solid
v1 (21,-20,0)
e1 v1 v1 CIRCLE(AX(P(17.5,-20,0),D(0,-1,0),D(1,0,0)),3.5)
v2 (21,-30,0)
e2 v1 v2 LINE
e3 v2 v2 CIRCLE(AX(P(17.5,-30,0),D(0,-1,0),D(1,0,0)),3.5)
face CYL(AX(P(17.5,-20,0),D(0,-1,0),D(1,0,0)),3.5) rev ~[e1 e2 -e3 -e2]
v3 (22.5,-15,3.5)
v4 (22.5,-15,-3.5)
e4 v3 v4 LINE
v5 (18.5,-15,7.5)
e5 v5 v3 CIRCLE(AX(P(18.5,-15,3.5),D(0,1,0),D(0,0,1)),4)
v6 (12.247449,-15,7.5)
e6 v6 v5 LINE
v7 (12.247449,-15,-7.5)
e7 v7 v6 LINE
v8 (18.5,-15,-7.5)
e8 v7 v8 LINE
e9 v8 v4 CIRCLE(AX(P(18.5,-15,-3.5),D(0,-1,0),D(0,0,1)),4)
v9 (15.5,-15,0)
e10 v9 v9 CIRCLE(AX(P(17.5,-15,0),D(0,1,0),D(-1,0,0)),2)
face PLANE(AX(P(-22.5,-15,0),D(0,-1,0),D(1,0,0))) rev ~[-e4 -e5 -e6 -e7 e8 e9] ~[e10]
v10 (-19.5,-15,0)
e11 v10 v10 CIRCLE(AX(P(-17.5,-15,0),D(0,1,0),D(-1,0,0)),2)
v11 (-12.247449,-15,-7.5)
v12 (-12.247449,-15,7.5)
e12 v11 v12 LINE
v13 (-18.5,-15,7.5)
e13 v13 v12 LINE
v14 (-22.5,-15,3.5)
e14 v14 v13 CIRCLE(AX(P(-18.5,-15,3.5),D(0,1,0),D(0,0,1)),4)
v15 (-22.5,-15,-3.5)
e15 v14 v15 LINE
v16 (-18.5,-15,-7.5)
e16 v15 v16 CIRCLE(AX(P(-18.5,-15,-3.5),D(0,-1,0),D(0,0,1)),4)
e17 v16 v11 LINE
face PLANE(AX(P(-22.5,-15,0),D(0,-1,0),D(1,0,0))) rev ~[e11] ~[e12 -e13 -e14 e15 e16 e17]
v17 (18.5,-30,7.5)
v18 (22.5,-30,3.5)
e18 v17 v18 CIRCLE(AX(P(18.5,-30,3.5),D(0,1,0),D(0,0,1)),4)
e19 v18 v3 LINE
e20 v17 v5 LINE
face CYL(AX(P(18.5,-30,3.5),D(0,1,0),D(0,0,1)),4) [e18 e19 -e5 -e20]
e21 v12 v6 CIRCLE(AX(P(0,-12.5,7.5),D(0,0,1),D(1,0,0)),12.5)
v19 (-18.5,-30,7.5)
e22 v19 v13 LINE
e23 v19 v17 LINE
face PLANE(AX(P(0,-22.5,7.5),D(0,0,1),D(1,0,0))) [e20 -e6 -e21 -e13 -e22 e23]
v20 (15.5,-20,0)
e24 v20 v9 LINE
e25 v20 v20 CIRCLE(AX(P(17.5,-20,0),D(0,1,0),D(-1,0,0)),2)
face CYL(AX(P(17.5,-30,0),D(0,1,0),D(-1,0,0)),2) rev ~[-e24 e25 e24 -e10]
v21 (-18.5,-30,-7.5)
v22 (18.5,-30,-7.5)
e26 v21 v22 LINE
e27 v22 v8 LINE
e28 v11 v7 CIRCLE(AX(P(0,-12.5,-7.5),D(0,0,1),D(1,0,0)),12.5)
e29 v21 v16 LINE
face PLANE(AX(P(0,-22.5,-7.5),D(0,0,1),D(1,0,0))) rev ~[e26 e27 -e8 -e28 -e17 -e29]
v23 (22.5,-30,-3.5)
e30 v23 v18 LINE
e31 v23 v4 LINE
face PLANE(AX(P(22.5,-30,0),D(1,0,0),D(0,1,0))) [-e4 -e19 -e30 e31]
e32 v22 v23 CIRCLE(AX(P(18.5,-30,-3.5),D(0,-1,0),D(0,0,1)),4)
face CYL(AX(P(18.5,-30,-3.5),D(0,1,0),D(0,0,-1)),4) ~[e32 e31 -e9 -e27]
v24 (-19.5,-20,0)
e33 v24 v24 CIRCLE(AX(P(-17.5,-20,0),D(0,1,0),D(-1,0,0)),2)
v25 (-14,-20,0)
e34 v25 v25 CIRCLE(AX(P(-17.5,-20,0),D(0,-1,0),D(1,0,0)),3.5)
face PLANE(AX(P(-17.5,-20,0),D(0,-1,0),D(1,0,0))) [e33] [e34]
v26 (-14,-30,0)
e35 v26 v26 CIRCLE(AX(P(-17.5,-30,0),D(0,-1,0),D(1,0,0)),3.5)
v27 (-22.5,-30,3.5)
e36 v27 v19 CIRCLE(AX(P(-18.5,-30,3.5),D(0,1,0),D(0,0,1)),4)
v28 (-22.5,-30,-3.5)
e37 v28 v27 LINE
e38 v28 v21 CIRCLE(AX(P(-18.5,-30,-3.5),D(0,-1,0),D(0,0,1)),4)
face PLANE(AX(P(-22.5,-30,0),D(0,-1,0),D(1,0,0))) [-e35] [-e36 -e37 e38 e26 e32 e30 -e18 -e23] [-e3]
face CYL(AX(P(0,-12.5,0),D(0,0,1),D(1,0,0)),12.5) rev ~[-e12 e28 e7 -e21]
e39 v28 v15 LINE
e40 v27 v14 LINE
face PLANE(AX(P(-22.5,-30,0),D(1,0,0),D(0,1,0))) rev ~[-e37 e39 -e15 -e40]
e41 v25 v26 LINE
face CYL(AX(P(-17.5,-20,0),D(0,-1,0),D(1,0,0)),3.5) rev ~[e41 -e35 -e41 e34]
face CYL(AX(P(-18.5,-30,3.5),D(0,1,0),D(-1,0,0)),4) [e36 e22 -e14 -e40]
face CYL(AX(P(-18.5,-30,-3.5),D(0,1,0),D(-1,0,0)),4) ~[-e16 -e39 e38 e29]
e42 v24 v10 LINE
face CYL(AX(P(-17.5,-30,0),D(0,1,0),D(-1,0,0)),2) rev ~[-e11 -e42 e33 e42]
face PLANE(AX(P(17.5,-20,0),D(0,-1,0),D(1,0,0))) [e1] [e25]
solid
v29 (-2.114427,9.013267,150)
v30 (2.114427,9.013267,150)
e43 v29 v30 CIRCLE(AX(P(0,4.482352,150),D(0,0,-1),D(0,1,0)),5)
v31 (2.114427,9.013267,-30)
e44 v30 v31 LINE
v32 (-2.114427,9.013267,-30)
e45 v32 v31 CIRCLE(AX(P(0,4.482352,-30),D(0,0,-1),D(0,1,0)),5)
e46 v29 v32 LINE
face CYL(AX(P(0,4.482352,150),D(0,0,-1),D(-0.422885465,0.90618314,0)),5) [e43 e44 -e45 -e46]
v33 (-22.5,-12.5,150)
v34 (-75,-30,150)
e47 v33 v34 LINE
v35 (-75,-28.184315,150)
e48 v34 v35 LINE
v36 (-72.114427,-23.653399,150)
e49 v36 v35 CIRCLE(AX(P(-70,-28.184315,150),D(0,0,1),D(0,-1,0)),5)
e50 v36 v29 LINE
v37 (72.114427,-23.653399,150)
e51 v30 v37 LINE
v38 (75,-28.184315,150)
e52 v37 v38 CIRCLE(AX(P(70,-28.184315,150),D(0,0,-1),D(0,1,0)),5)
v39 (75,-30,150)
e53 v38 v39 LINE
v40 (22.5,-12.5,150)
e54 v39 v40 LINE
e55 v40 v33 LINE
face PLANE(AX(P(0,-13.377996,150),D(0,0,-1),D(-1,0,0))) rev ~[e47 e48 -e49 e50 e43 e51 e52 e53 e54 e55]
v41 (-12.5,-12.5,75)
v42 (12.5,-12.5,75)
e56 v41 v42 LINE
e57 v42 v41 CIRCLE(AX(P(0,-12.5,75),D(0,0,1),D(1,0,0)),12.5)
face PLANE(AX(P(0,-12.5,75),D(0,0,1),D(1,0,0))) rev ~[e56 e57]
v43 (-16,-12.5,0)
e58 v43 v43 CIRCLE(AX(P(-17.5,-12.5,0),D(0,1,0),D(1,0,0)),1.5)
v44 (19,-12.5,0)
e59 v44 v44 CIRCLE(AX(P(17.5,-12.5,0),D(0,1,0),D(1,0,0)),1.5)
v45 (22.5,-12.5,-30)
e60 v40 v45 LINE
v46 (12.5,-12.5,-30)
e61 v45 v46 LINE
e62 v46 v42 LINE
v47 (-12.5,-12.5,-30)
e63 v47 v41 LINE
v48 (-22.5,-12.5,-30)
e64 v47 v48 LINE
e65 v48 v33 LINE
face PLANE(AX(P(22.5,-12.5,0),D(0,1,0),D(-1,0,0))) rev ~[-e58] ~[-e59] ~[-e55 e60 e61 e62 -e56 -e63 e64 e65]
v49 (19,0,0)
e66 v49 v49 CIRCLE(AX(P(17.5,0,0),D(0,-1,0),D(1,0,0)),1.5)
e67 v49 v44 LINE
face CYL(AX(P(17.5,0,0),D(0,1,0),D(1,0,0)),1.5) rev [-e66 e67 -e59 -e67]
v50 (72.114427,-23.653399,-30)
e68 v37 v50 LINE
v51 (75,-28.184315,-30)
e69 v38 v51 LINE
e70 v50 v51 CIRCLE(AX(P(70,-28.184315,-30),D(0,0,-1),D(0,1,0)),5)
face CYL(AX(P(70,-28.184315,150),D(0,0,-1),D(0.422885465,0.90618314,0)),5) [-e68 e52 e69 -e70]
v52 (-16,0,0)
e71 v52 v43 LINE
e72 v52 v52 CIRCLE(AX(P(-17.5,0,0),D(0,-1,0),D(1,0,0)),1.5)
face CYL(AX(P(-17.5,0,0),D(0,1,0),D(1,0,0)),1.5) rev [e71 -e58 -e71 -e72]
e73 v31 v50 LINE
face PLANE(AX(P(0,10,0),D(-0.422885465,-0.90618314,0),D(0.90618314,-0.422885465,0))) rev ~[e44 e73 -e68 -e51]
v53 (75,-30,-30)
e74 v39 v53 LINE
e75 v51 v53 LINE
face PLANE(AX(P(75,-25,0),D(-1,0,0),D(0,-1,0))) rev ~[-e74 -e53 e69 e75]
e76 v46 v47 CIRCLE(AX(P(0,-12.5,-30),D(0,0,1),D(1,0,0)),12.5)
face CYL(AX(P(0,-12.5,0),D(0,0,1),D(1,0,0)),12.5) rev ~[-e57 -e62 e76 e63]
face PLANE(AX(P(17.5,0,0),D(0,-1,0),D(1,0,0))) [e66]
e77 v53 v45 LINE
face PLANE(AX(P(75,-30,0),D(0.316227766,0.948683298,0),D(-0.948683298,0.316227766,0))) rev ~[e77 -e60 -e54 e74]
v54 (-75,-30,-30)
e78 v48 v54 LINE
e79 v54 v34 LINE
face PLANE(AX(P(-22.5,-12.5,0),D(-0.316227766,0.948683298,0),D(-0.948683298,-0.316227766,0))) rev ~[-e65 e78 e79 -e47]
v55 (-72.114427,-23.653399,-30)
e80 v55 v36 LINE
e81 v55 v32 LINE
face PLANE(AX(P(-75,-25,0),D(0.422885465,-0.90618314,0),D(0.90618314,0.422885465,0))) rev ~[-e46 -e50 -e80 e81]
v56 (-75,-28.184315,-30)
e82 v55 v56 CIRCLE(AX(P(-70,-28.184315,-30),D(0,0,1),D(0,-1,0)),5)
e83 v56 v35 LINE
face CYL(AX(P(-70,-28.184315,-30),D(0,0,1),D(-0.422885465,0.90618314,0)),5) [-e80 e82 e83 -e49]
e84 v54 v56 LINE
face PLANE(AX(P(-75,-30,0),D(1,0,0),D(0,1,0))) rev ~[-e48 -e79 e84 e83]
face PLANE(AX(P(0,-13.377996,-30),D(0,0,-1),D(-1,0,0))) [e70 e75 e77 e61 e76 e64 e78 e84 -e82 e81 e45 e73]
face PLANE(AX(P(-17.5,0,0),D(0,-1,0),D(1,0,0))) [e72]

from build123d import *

# Parameters (mm, degrees)
PAD_DEPTH        = 150
PAD001_DEPTH     = 30
SKETCH002_R      = 1.5
POCKET001_DEPTH  = 30.001
SKETCH001_R      = 12.5
POCKET_DEPTH     = 75
FILLET_R         = 5
SKETCH003_W      = 45
SKETCH003_H      = 15
PAD002_DEPTH     = 7.5
SKETCH004_R      = 12.5
POCKET002_DEPTH  = 10
HOLE_D           = 4
HOLE_DEPTH       = 25
HOLE_CBORE_D     = 7
HOLE_CBORE_DEPTH = 10
FILLET001_R      = 4


with BuildPart() as roof:
    # Sketch → Pad (new body)
    with BuildSketch(Plane.XY):
        Polygon((-75, -25), (0, 10), (75, -25), (75, -30), (22.5, -12.5), (-22.5, -12.5), (-75, -30), align=None)
    extrude(amount=PAD_DEPTH)

    # Sketch → Pad001 (join)
    with BuildSketch(Plane.XY):
        Polygon((-75, -25), (0, 10), (75, -25), (75, -30), (22.5, -12.5), (-22.5, -12.5), (-75, -30), align=None)
    extrude(amount=-PAD001_DEPTH)

    # Sketch002 → Pocket001 (cut, through all)
    with BuildSketch(Plane.XZ):
        with Locations((17.5, 0)):
            Circle(SKETCH002_R)
        with Locations((-17.5, 0)):
            Circle(SKETCH002_R)
    extrude(amount=POCKET001_DEPTH, mode=Mode.SUBTRACT)

    # Sketch001 → Pocket (cut, symmetric)
    with BuildSketch(Plane.XY):
        with Locations((0, -12.5)):
            Circle(SKETCH001_R)
    extrude(amount=POCKET_DEPTH, both=True, mode=Mode.SUBTRACT)

    # Fillet
    fillet_edges = [roof.edges().sort_by_distance(p)[0] for p in [
        (75, -25, 75),
        (75, -25, -15),
        (-75, -25, -15),
        (-75, -25, 75),
        (0, 10, 75),
        (0, 10, -15),
    ]]
    fillet(fillet_edges, radius=FILLET_R)


with BuildPart() as fastening_bracket:
    # Sketch003 → Pad002 (new body, symmetric)
    with BuildSketch(Plane.XY):
        with Locations((0, -22.5)):
            Rectangle(SKETCH003_W, SKETCH003_H)
    extrude(amount=PAD002_DEPTH, both=True)

    # Sketch004 → Pocket002 (cut, symmetric)
    with BuildSketch(Plane.XY):
        with Locations((0, -12.5)):
            Circle(SKETCH004_R)
    extrude(amount=POCKET002_DEPTH, both=True, mode=Mode.SUBTRACT)

    # Hole
    with Locations(Plane.XZ.offset(30)):
        with Locations((-17.5, 0), (17.5, 0)):
            CounterBoreHole(HOLE_D / 2, HOLE_CBORE_D / 2, HOLE_CBORE_DEPTH, depth=HOLE_DEPTH)

    # Fillet001
    fillet001_edges = [fastening_bracket.edges().sort_by_distance(p)[0] for p in [
        (-22.5, -22.5, 7.5),
        (-22.5, -22.5, -7.5),
        (22.5, -22.5, 7.5),
        (22.5, -22.5, -7.5),
    ]]
    fillet(fillet001_edges, radius=FILLET001_R)


solid = Compound([roof.part, fastening_bracket.part])
